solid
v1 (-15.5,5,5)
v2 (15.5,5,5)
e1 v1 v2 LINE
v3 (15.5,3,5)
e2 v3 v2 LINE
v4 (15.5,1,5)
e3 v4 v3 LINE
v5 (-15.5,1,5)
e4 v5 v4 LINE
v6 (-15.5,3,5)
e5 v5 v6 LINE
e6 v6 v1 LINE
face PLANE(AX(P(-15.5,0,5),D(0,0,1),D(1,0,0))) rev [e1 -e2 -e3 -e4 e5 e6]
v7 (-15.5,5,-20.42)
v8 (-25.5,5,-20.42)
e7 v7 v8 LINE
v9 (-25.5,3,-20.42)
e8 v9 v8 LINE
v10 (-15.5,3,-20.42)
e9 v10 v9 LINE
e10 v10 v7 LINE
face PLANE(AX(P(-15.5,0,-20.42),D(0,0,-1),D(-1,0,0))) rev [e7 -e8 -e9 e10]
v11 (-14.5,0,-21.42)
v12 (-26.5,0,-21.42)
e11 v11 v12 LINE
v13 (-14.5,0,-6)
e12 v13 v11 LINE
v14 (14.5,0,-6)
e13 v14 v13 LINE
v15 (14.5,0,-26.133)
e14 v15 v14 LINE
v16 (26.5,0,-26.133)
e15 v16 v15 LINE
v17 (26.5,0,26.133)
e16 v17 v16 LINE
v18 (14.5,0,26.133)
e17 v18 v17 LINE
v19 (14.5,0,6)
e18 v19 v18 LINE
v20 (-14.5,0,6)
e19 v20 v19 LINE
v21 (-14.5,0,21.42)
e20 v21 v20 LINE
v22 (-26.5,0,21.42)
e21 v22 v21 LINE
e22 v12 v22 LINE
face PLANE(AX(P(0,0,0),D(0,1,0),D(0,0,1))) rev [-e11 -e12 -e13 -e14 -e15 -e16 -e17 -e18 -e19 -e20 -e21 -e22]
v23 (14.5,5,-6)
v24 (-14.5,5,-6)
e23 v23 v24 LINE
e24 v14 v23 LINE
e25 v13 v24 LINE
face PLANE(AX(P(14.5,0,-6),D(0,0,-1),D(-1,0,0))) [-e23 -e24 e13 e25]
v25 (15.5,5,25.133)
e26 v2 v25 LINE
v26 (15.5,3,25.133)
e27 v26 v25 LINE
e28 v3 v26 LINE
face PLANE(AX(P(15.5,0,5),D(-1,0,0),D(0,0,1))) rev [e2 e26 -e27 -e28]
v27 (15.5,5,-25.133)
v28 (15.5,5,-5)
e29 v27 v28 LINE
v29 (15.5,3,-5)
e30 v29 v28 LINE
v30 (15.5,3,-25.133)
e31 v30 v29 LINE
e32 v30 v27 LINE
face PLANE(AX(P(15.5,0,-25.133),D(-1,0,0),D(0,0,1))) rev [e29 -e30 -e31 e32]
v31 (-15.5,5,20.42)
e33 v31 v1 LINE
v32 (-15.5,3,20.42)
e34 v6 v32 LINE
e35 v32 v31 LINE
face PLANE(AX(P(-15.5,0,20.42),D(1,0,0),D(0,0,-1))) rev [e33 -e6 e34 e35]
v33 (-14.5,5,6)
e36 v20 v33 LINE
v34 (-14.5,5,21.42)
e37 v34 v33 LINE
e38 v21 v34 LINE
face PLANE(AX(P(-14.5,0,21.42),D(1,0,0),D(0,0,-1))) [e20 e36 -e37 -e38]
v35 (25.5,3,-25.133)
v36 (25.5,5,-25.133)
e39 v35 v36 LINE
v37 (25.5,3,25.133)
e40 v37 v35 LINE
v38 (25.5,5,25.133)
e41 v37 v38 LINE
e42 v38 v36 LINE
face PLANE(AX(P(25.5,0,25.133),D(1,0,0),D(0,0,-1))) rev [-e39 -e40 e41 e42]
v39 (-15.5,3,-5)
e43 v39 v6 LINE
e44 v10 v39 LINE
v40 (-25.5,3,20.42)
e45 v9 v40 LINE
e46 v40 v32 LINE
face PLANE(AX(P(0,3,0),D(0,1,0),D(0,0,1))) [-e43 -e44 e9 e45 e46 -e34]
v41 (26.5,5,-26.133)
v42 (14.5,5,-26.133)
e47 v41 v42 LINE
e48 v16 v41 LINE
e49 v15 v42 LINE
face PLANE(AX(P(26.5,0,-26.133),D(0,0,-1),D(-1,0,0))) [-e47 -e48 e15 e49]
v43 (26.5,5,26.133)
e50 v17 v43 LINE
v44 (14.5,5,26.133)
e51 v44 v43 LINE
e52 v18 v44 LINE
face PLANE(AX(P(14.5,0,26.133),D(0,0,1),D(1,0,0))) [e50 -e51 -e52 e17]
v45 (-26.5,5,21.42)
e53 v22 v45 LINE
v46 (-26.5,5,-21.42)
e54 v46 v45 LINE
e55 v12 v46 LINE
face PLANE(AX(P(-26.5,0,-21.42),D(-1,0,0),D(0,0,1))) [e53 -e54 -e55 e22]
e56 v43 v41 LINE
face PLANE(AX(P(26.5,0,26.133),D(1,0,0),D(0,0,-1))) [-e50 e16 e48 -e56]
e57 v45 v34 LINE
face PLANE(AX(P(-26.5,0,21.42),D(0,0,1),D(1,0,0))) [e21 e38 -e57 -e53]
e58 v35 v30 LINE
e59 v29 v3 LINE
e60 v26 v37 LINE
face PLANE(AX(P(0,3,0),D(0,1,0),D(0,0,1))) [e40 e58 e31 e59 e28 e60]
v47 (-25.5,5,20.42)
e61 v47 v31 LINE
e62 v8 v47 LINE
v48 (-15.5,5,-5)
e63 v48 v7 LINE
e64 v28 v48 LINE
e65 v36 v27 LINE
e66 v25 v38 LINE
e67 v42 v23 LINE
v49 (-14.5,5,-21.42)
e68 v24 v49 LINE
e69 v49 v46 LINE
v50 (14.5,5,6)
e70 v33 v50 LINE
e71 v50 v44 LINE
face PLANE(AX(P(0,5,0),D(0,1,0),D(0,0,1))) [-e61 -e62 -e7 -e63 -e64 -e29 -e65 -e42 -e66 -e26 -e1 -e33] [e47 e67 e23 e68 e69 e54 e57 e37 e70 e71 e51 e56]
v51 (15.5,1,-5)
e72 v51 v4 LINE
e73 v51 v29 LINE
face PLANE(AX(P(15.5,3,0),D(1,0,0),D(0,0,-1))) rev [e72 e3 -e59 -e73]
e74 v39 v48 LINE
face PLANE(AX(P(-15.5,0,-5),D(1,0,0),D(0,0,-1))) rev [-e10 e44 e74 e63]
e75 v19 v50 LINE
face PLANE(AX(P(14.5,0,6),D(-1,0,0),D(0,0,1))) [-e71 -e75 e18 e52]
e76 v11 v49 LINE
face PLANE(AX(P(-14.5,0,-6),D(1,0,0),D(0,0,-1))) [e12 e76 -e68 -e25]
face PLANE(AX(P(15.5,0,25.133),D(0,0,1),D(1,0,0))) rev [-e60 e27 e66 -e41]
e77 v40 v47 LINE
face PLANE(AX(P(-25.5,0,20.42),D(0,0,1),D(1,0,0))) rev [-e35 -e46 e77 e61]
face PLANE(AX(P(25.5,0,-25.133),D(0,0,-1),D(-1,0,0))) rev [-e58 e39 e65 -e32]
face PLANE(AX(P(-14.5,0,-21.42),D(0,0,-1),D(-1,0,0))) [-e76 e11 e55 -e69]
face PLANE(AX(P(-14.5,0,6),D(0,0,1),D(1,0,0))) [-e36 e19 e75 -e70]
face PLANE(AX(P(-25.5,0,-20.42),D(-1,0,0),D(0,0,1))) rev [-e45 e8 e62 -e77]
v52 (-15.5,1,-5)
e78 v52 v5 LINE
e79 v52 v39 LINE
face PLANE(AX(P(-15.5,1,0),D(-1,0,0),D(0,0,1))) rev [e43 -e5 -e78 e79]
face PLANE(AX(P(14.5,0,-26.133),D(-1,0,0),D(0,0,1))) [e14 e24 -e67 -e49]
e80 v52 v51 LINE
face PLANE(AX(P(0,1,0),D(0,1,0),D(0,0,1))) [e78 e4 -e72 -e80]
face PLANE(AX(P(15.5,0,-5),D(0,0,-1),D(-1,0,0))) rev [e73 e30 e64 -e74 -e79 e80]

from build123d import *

# Parameters (mm, degrees)
SKETCH_1_W           = 10
SKETCH_1_H           = 15.42
SKETCH_1_H_2         = 10
SKETCH_1_W_2         = 31
SKETCH_1_H_3         = 20.133
EXTRUDE_1_DEPTH      = 1
EXTRUDE_2_DEPTH      = 4
EXTRUDE_2_DEPTH_BACK = 1
SKETCH_3_W           = 10
SKETCH_3_H           = 40.84
SKETCH_3_H_2         = 50.266
EXTRUDE_3_DEPTH      = 2


with BuildPart() as part:
    # 草图1 → 凸台-拉伸1 (new body)
    with BuildSketch(Plane(origin=(0, 0, 0), x_dir=(1, 0, 0), z_dir=(0, 1, 0))):
        with Locations((-20.5, 12.71)):
            Rectangle(SKETCH_1_W, SKETCH_1_H)
        with Locations((-20.5, 0)):
            Rectangle(SKETCH_1_W, SKETCH_1_H_2)
        with Locations((-20.5, -12.71)):
            Rectangle(SKETCH_1_W, SKETCH_1_H)
        Rectangle(SKETCH_1_W_2, SKETCH_1_H_2)
        with Locations((20.5, 15.0665)):
            Rectangle(SKETCH_1_W, SKETCH_1_H_3)
        with Locations((20.5, 0)):
            Rectangle(SKETCH_1_W, SKETCH_1_H_2)
        with Locations((20.5, -15.0665)):
            Rectangle(SKETCH_1_W, SKETCH_1_H_3)
    extrude(amount=EXTRUDE_1_DEPTH)



with BuildPart() as body_2:
    # 草图2 → 凸台-拉伸2 (new body, two sides)
    with BuildSketch(Plane(origin=(0, 1, 0), x_dir=(1, 0, 0), z_dir=(0, 1, 0))) as extrude_2_sk:
        Polygon((-26.5, 21.42), (-26.5, -21.42), (-14.5, -21.42), (-14.5, -6), (14.5, -6), (14.5, -26.133), (26.5, -26.133), (26.5, 26.133), (14.5, 26.133), (14.5, 6), (-14.5, 6), (-14.5, 21.42), align=None)
        Polygon((-15.5, -5), (15.5, -5), (15.5, -25.133), (25.5, -25.133), (25.5, 25.133), (15.5, 25.133), (15.5, 5), (-15.5, 5), (-15.5, 20.42), (-25.5, 20.42), (-25.5, -20.42), (-15.5, -20.42), align=None, mode=Mode.SUBTRACT)
    extrude(amount=EXTRUDE_2_DEPTH)
    extrude(extrude_2_sk.sketch, amount=-EXTRUDE_2_DEPTH_BACK)


with BuildPart() as part_1:
    add(part.part)

    add(body_2.part)  # 凸台-拉伸3 merges body 2
    # 草图3 → 凸台-拉伸3 (add)
    with BuildSketch(Plane(origin=(0, 1, 0), x_dir=(1, 0, 0), z_dir=(0, 1, 0))):
        with Locations((-20.5, 0)):
            Rectangle(SKETCH_3_W, SKETCH_3_H)
        with Locations((20.5, 0)):
            Rectangle(SKETCH_3_W, SKETCH_3_H_2)
    extrude(amount=EXTRUDE_3_DEPTH)


solid = part_1.part
